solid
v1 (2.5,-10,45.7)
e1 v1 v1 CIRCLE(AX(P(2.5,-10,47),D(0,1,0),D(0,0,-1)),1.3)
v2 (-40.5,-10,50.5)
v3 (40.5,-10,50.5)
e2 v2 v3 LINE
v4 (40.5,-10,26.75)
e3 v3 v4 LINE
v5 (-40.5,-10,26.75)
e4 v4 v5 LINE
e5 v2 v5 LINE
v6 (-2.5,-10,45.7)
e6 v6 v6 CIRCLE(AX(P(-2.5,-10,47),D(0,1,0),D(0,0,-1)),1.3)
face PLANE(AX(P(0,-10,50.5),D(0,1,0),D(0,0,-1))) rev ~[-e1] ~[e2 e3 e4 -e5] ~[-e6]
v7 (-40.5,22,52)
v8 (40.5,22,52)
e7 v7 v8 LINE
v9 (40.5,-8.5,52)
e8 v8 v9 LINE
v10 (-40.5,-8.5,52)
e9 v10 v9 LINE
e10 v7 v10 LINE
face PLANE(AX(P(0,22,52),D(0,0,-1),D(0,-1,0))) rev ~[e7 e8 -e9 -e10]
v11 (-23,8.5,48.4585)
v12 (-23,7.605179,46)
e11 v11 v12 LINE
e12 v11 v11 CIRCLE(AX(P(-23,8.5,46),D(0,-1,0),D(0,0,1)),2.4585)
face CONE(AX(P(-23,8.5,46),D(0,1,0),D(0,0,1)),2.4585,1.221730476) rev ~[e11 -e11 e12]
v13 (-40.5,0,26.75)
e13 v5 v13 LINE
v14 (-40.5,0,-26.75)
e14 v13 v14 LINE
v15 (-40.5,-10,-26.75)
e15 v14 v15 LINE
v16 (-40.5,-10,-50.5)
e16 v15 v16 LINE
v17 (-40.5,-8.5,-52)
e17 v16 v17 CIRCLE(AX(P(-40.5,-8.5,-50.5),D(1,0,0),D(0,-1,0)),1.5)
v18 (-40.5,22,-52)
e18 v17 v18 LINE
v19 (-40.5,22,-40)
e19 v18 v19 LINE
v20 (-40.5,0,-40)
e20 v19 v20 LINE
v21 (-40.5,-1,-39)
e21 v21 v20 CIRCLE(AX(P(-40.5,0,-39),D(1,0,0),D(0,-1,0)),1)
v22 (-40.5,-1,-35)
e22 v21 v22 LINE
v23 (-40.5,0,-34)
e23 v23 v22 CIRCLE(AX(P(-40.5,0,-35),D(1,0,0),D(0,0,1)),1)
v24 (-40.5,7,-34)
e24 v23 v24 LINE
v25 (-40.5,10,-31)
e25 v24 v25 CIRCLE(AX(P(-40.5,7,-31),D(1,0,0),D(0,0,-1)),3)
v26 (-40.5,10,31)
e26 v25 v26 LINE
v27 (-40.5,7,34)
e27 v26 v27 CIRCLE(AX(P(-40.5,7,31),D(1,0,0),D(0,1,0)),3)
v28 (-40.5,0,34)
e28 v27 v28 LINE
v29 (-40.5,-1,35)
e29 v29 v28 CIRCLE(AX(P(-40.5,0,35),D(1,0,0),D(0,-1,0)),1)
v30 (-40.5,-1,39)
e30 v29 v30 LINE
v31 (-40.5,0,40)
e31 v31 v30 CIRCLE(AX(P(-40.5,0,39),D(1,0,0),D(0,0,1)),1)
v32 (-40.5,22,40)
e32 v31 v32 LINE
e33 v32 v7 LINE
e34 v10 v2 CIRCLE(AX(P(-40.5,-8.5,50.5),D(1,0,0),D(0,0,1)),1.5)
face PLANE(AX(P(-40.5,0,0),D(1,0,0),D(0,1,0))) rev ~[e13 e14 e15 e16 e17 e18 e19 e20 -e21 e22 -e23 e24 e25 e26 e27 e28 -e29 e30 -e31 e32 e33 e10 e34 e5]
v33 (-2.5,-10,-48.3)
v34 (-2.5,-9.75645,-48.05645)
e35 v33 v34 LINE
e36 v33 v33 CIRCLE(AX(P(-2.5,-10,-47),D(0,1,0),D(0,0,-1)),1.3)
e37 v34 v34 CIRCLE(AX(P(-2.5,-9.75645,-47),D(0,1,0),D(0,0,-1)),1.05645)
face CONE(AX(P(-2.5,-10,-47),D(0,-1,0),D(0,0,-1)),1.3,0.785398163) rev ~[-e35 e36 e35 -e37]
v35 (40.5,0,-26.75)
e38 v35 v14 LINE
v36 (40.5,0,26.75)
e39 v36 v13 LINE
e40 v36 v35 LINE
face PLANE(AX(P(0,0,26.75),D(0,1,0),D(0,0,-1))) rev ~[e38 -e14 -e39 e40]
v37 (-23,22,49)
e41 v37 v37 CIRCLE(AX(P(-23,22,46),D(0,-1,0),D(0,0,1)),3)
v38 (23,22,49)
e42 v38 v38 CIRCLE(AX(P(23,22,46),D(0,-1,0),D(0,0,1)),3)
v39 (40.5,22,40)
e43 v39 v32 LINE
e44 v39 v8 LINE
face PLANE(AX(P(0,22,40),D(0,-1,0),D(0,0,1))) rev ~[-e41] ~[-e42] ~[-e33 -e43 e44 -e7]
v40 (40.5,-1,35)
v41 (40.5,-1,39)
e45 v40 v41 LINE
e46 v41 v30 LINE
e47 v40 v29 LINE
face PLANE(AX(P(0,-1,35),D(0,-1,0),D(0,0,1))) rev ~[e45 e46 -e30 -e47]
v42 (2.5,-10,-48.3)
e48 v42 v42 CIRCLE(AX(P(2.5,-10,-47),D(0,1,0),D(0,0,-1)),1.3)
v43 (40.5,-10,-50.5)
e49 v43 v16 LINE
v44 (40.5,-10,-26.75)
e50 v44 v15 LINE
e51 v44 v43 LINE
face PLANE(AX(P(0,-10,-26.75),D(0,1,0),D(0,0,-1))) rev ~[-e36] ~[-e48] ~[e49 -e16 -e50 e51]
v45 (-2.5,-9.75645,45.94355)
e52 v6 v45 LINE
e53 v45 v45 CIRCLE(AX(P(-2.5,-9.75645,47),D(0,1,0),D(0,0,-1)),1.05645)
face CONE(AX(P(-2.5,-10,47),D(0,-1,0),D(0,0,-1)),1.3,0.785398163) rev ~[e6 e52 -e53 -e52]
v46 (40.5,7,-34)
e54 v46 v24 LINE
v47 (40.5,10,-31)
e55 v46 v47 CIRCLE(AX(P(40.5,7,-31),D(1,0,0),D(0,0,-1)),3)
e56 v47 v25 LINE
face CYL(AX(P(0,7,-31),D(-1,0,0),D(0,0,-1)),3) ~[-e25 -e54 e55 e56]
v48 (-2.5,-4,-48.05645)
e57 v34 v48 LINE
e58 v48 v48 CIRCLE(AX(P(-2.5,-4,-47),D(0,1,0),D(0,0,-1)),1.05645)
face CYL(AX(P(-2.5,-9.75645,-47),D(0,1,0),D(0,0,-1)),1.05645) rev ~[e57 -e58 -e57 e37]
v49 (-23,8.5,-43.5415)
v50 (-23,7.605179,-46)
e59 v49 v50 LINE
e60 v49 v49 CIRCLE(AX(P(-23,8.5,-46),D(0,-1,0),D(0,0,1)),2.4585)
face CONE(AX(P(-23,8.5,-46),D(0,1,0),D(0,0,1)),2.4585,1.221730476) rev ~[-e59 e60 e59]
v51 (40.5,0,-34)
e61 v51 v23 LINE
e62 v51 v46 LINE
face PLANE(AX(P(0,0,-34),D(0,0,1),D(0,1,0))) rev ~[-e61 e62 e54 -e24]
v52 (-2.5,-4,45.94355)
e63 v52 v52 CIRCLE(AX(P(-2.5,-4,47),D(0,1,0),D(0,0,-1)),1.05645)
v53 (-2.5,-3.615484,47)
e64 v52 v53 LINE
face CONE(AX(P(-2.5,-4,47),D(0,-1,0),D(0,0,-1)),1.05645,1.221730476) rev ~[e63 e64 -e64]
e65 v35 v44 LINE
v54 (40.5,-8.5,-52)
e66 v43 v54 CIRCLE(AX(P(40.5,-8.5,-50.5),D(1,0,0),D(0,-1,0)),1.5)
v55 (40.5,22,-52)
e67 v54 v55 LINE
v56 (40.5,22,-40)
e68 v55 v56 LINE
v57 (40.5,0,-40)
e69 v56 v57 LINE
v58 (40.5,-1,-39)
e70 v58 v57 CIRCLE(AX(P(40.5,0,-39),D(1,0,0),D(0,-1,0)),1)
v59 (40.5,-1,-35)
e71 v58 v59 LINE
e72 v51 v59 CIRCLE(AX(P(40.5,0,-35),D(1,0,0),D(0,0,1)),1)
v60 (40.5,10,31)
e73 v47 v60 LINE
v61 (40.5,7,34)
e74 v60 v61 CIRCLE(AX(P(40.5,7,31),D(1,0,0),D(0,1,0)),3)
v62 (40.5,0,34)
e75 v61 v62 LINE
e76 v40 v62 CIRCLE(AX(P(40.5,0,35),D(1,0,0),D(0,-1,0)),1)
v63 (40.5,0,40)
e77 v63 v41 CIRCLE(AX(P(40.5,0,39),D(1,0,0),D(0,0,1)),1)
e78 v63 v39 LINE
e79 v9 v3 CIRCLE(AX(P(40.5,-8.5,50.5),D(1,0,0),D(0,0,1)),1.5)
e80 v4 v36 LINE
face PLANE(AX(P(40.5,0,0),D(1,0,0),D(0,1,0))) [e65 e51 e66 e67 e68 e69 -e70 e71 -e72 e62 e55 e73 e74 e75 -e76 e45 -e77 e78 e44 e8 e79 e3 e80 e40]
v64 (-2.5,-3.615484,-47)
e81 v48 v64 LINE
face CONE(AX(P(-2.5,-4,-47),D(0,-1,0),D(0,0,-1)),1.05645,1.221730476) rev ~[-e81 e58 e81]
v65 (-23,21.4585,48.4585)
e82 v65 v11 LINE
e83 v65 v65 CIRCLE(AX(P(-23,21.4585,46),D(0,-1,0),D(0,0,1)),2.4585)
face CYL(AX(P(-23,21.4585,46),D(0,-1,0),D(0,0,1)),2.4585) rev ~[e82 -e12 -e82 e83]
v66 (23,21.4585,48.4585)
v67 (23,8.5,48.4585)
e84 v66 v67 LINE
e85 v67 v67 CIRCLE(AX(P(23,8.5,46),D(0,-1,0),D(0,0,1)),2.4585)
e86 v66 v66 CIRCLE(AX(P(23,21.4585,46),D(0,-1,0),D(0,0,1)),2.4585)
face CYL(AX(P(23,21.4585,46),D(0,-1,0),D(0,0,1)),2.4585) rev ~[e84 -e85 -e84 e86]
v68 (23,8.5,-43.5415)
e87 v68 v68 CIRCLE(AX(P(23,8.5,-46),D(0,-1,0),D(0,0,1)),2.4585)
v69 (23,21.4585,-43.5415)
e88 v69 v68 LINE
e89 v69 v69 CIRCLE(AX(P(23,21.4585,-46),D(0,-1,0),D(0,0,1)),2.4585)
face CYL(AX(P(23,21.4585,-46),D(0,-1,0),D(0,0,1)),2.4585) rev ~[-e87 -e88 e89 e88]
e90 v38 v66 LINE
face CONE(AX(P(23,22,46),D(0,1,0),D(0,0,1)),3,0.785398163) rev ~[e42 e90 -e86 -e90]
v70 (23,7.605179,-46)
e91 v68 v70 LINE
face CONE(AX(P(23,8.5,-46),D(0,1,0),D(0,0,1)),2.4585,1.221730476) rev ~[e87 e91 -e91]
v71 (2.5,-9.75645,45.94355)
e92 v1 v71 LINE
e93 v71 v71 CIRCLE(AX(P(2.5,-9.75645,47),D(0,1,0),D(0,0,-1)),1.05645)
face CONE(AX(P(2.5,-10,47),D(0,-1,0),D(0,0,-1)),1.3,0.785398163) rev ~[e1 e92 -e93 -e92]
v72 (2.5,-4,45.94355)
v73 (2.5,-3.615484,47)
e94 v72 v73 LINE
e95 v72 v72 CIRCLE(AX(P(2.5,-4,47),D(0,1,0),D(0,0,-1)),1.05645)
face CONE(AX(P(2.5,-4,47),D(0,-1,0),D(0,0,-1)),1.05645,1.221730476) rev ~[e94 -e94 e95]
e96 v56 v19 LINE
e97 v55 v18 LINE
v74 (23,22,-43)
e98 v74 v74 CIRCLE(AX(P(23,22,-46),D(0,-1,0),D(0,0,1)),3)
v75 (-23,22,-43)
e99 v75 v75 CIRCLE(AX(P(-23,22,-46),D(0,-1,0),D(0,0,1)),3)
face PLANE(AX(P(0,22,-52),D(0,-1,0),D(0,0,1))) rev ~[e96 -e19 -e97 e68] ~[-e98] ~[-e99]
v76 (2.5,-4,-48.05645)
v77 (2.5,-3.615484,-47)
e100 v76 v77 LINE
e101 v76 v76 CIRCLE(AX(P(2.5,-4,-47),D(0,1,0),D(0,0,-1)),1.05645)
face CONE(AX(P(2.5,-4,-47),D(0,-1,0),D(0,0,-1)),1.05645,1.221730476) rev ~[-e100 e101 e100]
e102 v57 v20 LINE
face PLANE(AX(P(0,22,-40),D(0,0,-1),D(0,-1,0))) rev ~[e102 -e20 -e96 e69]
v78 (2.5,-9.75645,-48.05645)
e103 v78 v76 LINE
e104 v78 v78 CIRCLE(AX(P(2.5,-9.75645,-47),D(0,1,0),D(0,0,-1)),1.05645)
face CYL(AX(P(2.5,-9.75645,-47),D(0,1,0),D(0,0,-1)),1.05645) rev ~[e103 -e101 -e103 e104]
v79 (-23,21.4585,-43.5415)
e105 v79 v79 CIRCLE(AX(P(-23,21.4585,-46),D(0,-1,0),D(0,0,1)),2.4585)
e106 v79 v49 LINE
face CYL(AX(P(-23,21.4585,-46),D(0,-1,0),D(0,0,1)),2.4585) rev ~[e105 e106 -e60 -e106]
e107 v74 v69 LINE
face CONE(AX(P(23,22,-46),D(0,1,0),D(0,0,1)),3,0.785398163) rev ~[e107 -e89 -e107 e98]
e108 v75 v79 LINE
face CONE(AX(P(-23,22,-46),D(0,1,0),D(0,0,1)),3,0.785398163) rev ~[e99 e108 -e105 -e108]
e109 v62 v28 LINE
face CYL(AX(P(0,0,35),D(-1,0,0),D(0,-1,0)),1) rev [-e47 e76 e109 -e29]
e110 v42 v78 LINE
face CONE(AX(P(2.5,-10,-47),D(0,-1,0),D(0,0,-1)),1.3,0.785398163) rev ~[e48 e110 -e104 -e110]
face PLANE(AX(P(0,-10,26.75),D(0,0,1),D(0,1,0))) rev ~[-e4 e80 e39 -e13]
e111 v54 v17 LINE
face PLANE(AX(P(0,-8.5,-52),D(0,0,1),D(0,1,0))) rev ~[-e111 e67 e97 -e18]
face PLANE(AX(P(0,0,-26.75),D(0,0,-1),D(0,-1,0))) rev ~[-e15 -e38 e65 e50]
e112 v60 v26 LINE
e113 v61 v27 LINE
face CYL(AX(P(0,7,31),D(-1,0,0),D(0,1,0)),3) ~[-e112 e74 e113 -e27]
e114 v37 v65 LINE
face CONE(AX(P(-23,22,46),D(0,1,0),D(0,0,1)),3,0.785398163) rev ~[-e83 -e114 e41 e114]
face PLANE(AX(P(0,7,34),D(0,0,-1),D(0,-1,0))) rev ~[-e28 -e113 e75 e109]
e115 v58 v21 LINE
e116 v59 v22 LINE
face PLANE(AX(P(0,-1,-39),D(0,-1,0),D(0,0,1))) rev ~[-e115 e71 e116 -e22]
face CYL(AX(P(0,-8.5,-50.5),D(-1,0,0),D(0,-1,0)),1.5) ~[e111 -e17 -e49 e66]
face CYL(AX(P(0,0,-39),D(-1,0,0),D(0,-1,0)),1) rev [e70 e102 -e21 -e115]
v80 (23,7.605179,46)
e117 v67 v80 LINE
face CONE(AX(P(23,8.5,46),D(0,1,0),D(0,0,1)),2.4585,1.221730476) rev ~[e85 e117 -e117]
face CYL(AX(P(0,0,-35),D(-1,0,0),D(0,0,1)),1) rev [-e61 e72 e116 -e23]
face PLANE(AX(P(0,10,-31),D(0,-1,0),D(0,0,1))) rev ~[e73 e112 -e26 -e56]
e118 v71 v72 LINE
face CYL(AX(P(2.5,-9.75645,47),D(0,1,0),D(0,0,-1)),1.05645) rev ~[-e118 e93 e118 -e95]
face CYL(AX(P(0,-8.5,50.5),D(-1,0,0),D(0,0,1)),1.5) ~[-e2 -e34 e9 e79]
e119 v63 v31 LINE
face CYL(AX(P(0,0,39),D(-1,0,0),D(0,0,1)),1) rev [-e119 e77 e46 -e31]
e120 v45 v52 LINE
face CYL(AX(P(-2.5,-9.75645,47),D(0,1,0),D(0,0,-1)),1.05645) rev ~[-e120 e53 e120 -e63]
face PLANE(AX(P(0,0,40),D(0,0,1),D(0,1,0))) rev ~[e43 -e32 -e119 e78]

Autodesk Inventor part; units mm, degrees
sketch "Sketch_1" plane through (0, 0, 0) normal (1, 0, 0) x (0, 1, 0)
  line L0 (22, 52) -> (-8.5, 52)
  arc A0 (-8.5, 52) -> (-10, 50.5) centre (-8.5, 50.5) ccw
  line L1 (-10, 50.5) -> (-10, 26.75)
  line L2 (-10, 26.75) -> (0, 26.75)
  line L3 (0, 26.75) -> (0, -26.75)
  line L4 (0, -26.75) -> (-10, -26.75)
  line L5 (-10, -26.75) -> (-10, -50.5)
  arc A1 (-10, -50.5) -> (-8.5, -52) centre (-8.5, -50.5) ccw
  line L6 (-8.5, -52) -> (22, -52)
  line L7 (22, -52) -> (22, -40)
  line L8 (22, -40) -> (0, -40)
  arc A2 (-1, -39) -> (0, -40) centre (0, -39) ccw
  line L9 (-1, -39) -> (-1, -35)
  arc A3 (0, -34) -> (-1, -35) centre (0, -35) ccw
  line L10 (0, -34) -> (7, -34)
  arc A4 (7, -34) -> (10, -31) centre (7, -31) ccw
  line L11 (10, -31) -> (10, 31)
  arc A5 (10, 31) -> (7, 34) centre (7, 31) ccw
  line L12 (7, 34) -> (0, 34)
  arc A6 (-1, 35) -> (0, 34) centre (0, 35) ccw
  line L13 (-1, 35) -> (-1, 39)
  arc A7 (0, 40) -> (-1, 39) centre (0, 39) ccw
  line L14 (0, 40) -> (22, 40)
  line L15 (22, 40) -> (22, 52)
extrude "Extrusion1" add sketch "Sketch_1" along normal mid plane 81
sketch "Sketch2" plane through (-40.5, 22, 40) normal (0, 1, 0) x (1, 0, 0)
  point P0 (17.5, -6)
hole "Drilling 1" at (-23, 22, 46) direction (0, -1, 0) diameter 4.917 depth 13.5 tip angle 140 countersink diameter 6 countersink angle 90 thread size "M6x1" class "6H" standard "ISO Metric profile"
pattern_linear "Rectangular Pattern1" count 2 spacing 46 along (1, 0, 0) count 2 spacing 92 along (0, 0, -1) of "Drilling 1"
sketch "Sketch3" plane through (-40.5, -10, 50.5) normal (0, -1, 0) x (1, 0, 0)
  point P0 (38, -3.5)
hole "Drilling 2" at (-2.5, -10, 47) direction (0, 1, 0) diameter 2.1129 depth 6 tip angle 140 countersink diameter 2.6 countersink angle 90 thread size "M2.6x0.45" class "6H" standard "ISO Metric profile"
pattern_linear "Rectangular Pattern2" count 2 spacing 5 along (1, 0, 0) count 2 spacing 94 along (0, 0, -1) of "Drilling 2"
ref_plane "slider_spacer_sensor_dog_XY" through (0, -10, 47) normal (0, 1, 0) x (1, 0, 0)
ref_plane "slider_spacer_sensor_dog_YZ" through (0, -10, 47) normal (1, 0, 0) x (0, 0, -1)
ref_plane "slider_spacer_sensor_dog_ZX" through (0, -10, 47) normal (0, 0, -1) x (0, 1, 0)
ref_plane "slider_spacer_slider_XY" through (0, 0, 0) normal (0, 1, 0) x (1, 0, 0)
ref_plane "slider_spacer_slider_YZ" through (0, 0, 0) normal (1, 0, 0) x (0, 0, -1)
ref_plane "slider_spacer_slider_ZX" through (0, 0, 0) normal (0, 0, -1) x (0, 1, 0)
properties part number "KR45H-A-Slider Spacer"
